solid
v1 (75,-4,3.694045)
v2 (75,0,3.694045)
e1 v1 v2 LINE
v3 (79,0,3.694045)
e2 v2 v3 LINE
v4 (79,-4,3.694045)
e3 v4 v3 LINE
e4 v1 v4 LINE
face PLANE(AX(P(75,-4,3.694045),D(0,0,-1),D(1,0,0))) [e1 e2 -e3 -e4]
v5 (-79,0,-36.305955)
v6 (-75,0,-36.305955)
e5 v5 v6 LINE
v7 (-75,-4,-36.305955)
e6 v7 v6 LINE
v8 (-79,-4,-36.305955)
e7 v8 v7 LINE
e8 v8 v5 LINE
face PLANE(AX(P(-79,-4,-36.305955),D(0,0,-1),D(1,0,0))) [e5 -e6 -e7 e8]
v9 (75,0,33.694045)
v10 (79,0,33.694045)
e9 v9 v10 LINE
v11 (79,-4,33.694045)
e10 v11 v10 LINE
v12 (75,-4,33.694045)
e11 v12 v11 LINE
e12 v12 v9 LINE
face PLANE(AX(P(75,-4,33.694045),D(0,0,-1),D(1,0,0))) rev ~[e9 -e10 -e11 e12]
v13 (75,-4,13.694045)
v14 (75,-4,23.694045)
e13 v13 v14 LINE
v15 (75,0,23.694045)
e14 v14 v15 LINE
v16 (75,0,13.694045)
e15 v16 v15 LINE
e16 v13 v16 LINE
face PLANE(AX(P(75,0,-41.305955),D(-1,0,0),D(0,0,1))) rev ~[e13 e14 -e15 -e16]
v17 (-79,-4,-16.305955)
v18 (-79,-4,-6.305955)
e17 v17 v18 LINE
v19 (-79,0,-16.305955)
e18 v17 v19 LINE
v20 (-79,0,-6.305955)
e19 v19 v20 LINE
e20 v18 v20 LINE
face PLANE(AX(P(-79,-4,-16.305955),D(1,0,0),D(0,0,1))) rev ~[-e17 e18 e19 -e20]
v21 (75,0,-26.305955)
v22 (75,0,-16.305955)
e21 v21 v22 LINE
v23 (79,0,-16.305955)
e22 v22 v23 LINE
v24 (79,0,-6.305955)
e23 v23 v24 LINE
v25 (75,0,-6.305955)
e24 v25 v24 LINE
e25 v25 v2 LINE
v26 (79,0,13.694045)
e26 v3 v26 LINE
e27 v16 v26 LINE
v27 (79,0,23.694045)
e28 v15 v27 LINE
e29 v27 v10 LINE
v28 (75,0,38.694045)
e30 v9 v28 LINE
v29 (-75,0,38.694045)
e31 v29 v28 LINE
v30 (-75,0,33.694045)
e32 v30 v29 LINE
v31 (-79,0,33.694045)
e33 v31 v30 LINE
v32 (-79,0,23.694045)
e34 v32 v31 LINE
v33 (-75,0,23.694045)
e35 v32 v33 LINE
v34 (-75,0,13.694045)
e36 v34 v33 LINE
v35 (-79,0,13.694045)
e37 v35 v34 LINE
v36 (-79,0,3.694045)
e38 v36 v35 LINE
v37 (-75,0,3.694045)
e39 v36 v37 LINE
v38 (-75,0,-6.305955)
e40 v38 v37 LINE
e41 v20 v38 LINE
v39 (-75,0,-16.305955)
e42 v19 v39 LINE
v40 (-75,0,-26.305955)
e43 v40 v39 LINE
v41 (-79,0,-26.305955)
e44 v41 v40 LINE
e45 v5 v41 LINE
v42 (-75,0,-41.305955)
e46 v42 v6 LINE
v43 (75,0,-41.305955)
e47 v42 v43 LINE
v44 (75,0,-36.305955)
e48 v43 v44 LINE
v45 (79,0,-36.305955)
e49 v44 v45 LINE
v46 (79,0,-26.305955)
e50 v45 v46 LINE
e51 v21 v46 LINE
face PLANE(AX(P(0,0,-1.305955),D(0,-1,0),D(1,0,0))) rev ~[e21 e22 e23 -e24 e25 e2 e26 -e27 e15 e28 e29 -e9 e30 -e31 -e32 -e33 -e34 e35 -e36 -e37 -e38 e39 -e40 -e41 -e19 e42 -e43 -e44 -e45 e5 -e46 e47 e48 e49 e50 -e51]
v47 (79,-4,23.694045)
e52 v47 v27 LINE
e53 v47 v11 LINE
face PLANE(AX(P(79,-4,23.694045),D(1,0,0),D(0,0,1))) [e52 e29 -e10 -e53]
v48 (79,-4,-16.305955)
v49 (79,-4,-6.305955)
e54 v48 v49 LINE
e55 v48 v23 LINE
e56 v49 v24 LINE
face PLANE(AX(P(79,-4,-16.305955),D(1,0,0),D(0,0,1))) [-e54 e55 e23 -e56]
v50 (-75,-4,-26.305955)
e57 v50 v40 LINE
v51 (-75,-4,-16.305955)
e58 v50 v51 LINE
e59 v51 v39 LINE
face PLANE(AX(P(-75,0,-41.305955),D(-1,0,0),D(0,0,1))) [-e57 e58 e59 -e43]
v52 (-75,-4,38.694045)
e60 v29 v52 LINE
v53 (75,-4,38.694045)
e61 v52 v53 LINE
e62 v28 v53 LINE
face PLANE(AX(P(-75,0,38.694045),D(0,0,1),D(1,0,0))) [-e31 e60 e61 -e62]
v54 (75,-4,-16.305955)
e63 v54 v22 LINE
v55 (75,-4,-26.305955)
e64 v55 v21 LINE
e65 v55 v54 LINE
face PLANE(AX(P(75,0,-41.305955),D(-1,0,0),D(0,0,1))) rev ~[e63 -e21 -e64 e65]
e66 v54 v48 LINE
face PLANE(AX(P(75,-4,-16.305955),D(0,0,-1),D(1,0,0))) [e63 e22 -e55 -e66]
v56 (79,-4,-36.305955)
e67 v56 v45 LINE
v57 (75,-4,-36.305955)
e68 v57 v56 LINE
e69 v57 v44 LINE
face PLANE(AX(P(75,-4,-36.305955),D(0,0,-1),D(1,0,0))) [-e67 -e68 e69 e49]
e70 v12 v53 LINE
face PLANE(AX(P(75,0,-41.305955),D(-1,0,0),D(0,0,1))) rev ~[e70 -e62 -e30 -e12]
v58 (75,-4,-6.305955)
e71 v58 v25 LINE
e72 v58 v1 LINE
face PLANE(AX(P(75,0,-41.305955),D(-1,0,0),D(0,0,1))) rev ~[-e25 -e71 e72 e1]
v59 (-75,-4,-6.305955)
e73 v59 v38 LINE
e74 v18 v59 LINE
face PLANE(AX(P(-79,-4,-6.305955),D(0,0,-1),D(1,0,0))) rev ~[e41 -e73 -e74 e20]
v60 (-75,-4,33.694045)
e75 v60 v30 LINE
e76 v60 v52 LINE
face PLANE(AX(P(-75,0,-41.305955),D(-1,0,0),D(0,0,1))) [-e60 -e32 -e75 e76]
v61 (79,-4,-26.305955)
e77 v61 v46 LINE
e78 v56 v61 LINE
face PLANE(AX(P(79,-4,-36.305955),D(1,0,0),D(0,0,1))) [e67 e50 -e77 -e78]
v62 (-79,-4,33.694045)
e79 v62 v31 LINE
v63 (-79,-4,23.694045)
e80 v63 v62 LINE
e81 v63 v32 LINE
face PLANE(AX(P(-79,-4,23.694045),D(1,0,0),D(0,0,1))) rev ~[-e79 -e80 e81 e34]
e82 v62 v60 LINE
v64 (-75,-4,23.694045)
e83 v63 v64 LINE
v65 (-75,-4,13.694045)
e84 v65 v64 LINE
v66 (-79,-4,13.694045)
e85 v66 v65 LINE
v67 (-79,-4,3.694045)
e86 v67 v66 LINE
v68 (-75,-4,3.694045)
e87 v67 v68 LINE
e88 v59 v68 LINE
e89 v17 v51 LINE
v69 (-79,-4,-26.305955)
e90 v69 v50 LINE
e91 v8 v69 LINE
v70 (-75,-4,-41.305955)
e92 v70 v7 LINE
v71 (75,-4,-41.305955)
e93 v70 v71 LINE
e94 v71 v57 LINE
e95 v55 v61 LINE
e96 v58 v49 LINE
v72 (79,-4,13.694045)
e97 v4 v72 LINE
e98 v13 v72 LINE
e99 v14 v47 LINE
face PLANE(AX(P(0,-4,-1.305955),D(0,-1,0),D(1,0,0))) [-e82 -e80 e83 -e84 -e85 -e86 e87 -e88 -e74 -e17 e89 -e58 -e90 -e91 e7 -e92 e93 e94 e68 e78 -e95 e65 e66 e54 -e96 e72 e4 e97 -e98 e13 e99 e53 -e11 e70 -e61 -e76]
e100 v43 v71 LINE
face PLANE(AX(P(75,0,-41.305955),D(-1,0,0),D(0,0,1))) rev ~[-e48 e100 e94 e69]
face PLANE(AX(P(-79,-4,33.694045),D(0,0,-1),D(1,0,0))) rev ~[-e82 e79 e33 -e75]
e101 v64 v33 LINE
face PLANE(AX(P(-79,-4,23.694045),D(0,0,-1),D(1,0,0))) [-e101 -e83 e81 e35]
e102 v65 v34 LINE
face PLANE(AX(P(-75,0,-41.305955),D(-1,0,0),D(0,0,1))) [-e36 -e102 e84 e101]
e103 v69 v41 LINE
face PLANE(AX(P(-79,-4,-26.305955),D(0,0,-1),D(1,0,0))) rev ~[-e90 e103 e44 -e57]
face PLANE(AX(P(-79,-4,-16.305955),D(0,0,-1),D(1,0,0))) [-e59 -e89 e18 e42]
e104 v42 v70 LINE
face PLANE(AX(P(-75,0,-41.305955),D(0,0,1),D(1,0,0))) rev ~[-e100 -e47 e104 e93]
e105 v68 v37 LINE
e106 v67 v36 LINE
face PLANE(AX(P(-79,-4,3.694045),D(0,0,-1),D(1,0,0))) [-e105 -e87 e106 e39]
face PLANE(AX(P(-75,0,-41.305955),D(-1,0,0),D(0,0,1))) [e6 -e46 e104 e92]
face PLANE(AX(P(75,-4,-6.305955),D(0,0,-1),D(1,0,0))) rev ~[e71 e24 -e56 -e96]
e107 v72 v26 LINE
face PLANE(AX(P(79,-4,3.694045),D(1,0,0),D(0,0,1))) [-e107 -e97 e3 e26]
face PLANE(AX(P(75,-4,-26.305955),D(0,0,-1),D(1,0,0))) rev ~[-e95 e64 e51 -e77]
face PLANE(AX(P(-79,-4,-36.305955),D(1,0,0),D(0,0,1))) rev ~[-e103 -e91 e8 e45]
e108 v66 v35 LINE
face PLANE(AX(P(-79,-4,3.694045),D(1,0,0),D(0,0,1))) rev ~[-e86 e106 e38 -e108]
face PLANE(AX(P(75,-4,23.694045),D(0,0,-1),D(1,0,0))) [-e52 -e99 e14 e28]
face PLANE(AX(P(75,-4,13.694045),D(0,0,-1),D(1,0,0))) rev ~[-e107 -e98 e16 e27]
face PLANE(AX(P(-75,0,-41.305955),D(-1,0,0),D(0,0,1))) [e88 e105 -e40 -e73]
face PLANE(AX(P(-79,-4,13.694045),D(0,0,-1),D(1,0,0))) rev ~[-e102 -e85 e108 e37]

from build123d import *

# Parameters (mm, degrees)
F0_W     = 150
F0_H     = 80
F1_DEPTH = 4
F2_W     = 4
F2_H     = 10
F3_DEPTH = 4


with BuildPart() as f1:
    # F0 (on Front) → F1 (new body)
    with BuildSketch(Plane.XZ):
        with Locations((0, -1.305955)):
            Rectangle(F0_W, F0_H)
    extrude(amount=F1_DEPTH)

    # F2 (on face) → F3 (join)
    with BuildSketch(Plane.XZ.offset(4)):
        with Locations((-77, 28.694045)):
            Rectangle(F2_W, F2_H)
        with Locations((-77, 8.694045)):
            Rectangle(F2_W, F2_H)
        with Locations((-77, -11.305955)):
            Rectangle(F2_W, F2_H)
        with Locations((-77, -31.305955)):
            Rectangle(F2_W, F2_H)
        with Locations((77, 8.694045)):
            Rectangle(F2_W, F2_H)
        with Locations((77, 28.694045)):
            Rectangle(F2_W, F2_H)
        with Locations((77, -11.305955)):
            Rectangle(F2_W, F2_H)
        with Locations((77, -31.305955)):
            Rectangle(F2_W, F2_H)
    extrude(amount=-F3_DEPTH)


solid = f1.part
